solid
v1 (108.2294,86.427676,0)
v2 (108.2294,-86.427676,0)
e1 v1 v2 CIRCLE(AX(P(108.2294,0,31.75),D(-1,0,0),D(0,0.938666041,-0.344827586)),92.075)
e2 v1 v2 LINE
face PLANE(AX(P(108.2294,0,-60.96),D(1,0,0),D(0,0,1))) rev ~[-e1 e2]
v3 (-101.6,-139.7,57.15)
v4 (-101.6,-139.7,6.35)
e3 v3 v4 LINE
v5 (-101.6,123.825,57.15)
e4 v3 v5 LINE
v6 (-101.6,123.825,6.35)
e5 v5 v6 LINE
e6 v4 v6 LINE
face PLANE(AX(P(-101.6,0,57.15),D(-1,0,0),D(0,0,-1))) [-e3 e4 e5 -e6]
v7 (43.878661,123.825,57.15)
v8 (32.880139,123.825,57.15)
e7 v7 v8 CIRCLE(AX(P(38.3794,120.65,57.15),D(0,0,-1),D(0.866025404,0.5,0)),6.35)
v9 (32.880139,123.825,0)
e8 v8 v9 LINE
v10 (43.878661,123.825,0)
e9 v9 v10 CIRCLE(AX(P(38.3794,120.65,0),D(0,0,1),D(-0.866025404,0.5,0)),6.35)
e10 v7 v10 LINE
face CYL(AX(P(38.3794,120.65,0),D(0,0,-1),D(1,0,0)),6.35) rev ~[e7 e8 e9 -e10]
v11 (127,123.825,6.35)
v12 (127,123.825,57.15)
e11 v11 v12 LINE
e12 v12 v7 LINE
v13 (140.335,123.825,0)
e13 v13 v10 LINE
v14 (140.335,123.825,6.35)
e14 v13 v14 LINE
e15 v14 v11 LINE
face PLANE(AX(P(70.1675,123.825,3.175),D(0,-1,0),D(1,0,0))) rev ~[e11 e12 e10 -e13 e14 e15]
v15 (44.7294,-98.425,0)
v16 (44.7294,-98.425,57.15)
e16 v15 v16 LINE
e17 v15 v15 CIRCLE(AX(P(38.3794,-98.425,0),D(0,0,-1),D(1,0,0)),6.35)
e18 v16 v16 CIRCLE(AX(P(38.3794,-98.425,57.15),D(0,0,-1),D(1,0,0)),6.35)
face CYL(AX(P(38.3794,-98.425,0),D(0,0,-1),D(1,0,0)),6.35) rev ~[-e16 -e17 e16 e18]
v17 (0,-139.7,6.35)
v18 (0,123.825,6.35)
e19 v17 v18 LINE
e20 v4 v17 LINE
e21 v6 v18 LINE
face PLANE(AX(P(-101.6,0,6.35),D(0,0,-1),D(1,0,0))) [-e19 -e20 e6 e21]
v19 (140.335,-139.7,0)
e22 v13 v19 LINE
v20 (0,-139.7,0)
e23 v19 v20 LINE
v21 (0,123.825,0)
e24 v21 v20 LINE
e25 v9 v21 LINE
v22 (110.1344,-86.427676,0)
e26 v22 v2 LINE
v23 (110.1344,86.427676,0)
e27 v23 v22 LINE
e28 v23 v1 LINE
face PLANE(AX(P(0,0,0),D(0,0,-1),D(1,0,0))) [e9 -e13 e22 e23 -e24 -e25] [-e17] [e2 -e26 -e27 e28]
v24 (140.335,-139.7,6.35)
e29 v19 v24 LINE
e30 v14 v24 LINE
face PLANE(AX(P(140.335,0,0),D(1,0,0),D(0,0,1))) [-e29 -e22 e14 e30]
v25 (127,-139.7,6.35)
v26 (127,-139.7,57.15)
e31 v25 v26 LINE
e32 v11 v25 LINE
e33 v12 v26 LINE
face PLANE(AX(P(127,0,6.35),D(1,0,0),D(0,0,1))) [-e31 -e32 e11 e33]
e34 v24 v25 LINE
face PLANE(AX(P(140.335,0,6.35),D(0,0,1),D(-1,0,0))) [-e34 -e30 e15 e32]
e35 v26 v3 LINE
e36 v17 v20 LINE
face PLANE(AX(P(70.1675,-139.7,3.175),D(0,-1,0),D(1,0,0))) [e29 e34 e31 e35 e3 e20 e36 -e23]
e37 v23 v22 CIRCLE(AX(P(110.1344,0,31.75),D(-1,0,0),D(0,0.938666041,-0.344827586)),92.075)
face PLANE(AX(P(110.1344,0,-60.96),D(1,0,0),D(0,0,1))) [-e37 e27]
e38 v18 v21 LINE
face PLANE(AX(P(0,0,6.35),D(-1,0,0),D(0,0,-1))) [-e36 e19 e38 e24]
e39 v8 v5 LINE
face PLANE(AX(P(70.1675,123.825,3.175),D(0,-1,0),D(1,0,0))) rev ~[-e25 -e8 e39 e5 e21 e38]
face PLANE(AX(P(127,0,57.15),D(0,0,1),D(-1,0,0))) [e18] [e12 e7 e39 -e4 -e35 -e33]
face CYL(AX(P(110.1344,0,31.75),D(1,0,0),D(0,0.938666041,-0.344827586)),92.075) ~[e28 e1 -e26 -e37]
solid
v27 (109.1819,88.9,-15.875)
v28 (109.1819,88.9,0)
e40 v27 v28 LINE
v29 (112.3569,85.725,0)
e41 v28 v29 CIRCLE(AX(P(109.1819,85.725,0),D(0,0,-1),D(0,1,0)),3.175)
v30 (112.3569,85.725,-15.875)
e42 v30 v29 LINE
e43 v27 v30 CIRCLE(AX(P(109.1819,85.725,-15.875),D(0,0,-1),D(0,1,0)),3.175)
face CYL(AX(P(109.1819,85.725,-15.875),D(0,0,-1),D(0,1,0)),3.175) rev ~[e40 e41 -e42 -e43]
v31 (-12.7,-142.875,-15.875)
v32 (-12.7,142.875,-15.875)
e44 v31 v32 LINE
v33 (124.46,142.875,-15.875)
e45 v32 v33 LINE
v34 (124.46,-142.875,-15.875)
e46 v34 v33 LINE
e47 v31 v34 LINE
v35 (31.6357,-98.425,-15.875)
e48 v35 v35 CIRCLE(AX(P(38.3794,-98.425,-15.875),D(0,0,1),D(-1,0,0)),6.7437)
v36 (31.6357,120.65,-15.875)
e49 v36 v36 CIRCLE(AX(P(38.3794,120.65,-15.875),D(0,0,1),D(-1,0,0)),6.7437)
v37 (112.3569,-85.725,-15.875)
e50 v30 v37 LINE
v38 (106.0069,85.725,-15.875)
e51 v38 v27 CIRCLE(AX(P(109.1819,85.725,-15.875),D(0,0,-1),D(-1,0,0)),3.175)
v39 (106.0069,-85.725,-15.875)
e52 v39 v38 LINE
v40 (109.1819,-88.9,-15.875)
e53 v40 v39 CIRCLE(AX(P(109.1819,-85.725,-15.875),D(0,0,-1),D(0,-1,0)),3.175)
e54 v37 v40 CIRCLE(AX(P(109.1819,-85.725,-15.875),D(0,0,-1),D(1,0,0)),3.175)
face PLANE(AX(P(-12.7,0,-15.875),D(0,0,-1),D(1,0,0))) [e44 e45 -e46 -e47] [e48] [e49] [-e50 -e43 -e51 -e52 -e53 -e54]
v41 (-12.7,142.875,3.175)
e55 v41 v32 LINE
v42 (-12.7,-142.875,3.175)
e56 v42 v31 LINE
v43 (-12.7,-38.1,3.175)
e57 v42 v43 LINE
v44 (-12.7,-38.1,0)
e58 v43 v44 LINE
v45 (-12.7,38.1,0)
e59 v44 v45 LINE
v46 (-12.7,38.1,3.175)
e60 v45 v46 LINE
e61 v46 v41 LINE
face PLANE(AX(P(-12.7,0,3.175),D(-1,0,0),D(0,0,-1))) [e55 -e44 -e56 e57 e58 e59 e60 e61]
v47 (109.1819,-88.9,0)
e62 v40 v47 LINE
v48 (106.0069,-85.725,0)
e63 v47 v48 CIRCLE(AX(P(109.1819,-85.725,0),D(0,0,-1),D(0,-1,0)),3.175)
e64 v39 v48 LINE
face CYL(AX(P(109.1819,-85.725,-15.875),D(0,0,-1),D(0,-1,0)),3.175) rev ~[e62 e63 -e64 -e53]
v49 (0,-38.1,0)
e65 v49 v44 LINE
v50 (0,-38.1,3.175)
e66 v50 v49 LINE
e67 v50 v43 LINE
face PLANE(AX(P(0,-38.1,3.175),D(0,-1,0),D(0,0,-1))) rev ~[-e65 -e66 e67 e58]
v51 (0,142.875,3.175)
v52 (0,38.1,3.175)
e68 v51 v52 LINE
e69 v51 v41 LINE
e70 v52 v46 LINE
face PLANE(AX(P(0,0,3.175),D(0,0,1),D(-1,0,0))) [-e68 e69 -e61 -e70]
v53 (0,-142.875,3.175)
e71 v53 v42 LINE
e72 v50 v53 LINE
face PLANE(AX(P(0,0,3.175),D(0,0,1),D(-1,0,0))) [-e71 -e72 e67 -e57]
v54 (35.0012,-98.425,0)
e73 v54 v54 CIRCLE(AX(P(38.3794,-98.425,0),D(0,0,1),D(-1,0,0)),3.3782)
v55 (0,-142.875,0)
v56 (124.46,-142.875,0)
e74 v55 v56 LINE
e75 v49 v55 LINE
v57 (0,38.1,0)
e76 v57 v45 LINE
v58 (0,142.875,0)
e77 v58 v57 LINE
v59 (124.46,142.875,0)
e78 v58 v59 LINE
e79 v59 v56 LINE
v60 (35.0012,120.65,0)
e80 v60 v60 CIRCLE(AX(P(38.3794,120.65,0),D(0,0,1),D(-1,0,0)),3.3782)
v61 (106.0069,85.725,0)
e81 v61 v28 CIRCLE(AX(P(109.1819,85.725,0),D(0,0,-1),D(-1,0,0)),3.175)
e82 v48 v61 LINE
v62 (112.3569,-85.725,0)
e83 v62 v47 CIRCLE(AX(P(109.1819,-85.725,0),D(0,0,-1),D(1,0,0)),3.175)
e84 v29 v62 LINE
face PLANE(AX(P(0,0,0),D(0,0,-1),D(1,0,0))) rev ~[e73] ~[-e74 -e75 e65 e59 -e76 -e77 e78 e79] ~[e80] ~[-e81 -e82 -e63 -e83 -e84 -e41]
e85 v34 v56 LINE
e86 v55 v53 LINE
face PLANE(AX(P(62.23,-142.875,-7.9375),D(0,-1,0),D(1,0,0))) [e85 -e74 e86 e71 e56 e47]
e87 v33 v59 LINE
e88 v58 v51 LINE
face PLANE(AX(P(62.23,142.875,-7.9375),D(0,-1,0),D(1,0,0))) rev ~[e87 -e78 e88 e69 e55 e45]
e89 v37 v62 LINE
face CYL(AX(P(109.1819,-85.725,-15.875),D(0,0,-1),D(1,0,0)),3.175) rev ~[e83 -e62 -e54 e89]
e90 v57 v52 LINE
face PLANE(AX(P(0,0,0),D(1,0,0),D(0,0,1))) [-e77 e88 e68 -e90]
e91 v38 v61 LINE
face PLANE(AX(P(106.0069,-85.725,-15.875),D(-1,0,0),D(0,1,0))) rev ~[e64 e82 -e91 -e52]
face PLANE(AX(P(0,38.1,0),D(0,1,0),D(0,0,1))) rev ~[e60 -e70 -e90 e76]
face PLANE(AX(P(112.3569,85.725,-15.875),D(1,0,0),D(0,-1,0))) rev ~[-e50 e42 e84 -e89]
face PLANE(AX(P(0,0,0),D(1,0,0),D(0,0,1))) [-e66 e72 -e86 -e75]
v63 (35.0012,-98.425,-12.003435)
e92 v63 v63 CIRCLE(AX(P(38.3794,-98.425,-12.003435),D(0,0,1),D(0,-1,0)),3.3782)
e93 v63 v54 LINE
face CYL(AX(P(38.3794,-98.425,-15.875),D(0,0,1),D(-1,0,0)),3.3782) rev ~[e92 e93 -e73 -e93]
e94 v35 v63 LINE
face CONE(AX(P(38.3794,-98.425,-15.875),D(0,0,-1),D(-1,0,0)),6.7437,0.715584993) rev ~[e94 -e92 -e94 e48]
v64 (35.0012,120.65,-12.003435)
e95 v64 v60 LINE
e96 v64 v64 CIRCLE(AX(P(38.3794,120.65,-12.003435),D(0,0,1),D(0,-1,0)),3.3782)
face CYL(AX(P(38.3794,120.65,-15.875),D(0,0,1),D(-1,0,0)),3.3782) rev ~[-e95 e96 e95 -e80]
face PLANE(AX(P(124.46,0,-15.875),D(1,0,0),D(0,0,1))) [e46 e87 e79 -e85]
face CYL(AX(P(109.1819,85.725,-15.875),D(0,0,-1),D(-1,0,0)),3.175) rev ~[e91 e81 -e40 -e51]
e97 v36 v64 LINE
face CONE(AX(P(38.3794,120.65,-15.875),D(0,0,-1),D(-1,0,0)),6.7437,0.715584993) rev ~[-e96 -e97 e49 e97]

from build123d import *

# Parameters (mm, degrees)
F0_W            = 1.905
F0_H            = 60.96
F1_DEPTH        = 139.7
F1_DEPTH_BACK   = 123.825
F2_W            = 124.46
F2_H            = 15.875
F3_DEPTH        = 142.875
F3_DEPTH_BACK   = 142.875
F6_DEPTH        = 1.905
F7_R            = 6.35
F8_DEPTH        = 57.15
F11_D           = 6.7564
F11_CSINK_D     = 13.4874
F11_CSINK_ANGLE = 82
F12_DEPTH       = 73.025
F14_DEPTH       = 12.7


with BuildPart() as f1:
    # F0 (on Front) → F1 (new body, two sides)
    with BuildSketch(Plane.XZ) as f1_sk:
        Polygon((0, 6.35), (0, 0), (108.2294, 0), (110.1344, 0), (140.335, 0), (140.335, 6.35), (127, 6.35), align=None)
        with Locations((109.1819, -30.48)):
            Rectangle(F0_W, F0_H)
        Polygon((-101.6, 6.35), (0, 6.35), (127, 6.35), (127, 57.15), (-101.6, 57.15), align=None)
    extrude(amount=F1_DEPTH)
    extrude(f1_sk.sketch, amount=-F1_DEPTH_BACK)

    # F5 (on face) → F6 (cut, through all)
    with BuildSketch(Plane.YZ.offset(110.1344)):
        with BuildLine():
            Line((-86.427675689, 0), (-139.7, 0))
            Line((-139.7, 0), (-139.7, -60.96))
            Line((-139.7, -60.96), (-139.7, -88.9))
            Line((-139.7, -88.9), (152.4, -88.9))
            Line((152.4, -88.9), (152.4, 0))
            Line((152.4, 0), (123.825, 0))
            Line((123.825, 0), (86.427675689, 0))
            ThreePointArc((86.427675689, 0), (0, -60.325), (-86.427675689, 0))
        make_face()
    extrude(amount=-F6_DEPTH, mode=Mode.SUBTRACT)

    # F7 (on face) → F8 (cut, through all)
    with BuildSketch(Plane(origin=(0, 0, 0), x_dir=(1, 0, 0), z_dir=(0, 0, -1))):
        with Locations((38.3794, -120.65)):
            Circle(F7_R)
        with Locations((38.3794, 98.425)):
            Circle(F7_R)
    extrude(amount=-F8_DEPTH, mode=Mode.SUBTRACT)


with BuildPart() as f3:
    # F2 (on Front) → F3 (new body, two sides)
    with BuildSketch(Plane.XZ) as f3_sk:
        with Locations((62.23, -7.9375)):
            Rectangle(F2_W, F2_H)
        Polygon((0, -15.875), (0, 0), (0, 3.175), (-12.7, 3.175), (-12.7, -15.875), align=None)
    extrude(amount=F3_DEPTH)
    extrude(f3_sk.sketch, amount=-F3_DEPTH_BACK)

    # F11 (through all)
    with Locations(Plane(origin=(0, 0, -15.875), x_dir=(1, 0, 0), z_dir=(0, 0, -1))):
        with Locations((38.3794, -120.65), (38.3794, 98.425)):
            CounterSinkHole(F11_D / 2, F11_CSINK_D / 2, counter_sink_angle=F11_CSINK_ANGLE)

    # F4 (on face) → F12 (cut, through all)
    with BuildSketch(Plane(origin=(0, 0, -15.875), x_dir=(1, 0, 0), z_dir=(0, 0, -1))):
        with BuildLine():
            Line((112.3569, -85.725), (112.3569, 85.725))
            ThreePointArc((112.3569, 85.725), (111.4269640303, 87.9700640303), (109.1819, 88.9))
            ThreePointArc((109.1819, 88.9), (106.9368359697, 87.9700640303), (106.0069, 85.725))
            Line((106.0069, 85.725), (106.0069, -85.725))
            ThreePointArc((106.0069, -85.725), (106.9368359697, -87.9700640303), (109.1819, -88.9))
            ThreePointArc((109.1819, -88.9), (111.4269640303, -87.9700640303), (112.3569, -85.725))
        make_face()
    extrude(amount=-F12_DEPTH, mode=Mode.SUBTRACT)

    # F13 (on face) → F14 (cut, through all)
    with BuildSketch(Plane.YZ):
        Polygon((-38.1, 0), (0, 0), (38.1, 0), (38.1, 3.175), (0, 3.175), (-38.1, 3.175), align=None)
    extrude(amount=-F14_DEPTH, mode=Mode.SUBTRACT)


solid = Compound([f1.part, f3.part])
